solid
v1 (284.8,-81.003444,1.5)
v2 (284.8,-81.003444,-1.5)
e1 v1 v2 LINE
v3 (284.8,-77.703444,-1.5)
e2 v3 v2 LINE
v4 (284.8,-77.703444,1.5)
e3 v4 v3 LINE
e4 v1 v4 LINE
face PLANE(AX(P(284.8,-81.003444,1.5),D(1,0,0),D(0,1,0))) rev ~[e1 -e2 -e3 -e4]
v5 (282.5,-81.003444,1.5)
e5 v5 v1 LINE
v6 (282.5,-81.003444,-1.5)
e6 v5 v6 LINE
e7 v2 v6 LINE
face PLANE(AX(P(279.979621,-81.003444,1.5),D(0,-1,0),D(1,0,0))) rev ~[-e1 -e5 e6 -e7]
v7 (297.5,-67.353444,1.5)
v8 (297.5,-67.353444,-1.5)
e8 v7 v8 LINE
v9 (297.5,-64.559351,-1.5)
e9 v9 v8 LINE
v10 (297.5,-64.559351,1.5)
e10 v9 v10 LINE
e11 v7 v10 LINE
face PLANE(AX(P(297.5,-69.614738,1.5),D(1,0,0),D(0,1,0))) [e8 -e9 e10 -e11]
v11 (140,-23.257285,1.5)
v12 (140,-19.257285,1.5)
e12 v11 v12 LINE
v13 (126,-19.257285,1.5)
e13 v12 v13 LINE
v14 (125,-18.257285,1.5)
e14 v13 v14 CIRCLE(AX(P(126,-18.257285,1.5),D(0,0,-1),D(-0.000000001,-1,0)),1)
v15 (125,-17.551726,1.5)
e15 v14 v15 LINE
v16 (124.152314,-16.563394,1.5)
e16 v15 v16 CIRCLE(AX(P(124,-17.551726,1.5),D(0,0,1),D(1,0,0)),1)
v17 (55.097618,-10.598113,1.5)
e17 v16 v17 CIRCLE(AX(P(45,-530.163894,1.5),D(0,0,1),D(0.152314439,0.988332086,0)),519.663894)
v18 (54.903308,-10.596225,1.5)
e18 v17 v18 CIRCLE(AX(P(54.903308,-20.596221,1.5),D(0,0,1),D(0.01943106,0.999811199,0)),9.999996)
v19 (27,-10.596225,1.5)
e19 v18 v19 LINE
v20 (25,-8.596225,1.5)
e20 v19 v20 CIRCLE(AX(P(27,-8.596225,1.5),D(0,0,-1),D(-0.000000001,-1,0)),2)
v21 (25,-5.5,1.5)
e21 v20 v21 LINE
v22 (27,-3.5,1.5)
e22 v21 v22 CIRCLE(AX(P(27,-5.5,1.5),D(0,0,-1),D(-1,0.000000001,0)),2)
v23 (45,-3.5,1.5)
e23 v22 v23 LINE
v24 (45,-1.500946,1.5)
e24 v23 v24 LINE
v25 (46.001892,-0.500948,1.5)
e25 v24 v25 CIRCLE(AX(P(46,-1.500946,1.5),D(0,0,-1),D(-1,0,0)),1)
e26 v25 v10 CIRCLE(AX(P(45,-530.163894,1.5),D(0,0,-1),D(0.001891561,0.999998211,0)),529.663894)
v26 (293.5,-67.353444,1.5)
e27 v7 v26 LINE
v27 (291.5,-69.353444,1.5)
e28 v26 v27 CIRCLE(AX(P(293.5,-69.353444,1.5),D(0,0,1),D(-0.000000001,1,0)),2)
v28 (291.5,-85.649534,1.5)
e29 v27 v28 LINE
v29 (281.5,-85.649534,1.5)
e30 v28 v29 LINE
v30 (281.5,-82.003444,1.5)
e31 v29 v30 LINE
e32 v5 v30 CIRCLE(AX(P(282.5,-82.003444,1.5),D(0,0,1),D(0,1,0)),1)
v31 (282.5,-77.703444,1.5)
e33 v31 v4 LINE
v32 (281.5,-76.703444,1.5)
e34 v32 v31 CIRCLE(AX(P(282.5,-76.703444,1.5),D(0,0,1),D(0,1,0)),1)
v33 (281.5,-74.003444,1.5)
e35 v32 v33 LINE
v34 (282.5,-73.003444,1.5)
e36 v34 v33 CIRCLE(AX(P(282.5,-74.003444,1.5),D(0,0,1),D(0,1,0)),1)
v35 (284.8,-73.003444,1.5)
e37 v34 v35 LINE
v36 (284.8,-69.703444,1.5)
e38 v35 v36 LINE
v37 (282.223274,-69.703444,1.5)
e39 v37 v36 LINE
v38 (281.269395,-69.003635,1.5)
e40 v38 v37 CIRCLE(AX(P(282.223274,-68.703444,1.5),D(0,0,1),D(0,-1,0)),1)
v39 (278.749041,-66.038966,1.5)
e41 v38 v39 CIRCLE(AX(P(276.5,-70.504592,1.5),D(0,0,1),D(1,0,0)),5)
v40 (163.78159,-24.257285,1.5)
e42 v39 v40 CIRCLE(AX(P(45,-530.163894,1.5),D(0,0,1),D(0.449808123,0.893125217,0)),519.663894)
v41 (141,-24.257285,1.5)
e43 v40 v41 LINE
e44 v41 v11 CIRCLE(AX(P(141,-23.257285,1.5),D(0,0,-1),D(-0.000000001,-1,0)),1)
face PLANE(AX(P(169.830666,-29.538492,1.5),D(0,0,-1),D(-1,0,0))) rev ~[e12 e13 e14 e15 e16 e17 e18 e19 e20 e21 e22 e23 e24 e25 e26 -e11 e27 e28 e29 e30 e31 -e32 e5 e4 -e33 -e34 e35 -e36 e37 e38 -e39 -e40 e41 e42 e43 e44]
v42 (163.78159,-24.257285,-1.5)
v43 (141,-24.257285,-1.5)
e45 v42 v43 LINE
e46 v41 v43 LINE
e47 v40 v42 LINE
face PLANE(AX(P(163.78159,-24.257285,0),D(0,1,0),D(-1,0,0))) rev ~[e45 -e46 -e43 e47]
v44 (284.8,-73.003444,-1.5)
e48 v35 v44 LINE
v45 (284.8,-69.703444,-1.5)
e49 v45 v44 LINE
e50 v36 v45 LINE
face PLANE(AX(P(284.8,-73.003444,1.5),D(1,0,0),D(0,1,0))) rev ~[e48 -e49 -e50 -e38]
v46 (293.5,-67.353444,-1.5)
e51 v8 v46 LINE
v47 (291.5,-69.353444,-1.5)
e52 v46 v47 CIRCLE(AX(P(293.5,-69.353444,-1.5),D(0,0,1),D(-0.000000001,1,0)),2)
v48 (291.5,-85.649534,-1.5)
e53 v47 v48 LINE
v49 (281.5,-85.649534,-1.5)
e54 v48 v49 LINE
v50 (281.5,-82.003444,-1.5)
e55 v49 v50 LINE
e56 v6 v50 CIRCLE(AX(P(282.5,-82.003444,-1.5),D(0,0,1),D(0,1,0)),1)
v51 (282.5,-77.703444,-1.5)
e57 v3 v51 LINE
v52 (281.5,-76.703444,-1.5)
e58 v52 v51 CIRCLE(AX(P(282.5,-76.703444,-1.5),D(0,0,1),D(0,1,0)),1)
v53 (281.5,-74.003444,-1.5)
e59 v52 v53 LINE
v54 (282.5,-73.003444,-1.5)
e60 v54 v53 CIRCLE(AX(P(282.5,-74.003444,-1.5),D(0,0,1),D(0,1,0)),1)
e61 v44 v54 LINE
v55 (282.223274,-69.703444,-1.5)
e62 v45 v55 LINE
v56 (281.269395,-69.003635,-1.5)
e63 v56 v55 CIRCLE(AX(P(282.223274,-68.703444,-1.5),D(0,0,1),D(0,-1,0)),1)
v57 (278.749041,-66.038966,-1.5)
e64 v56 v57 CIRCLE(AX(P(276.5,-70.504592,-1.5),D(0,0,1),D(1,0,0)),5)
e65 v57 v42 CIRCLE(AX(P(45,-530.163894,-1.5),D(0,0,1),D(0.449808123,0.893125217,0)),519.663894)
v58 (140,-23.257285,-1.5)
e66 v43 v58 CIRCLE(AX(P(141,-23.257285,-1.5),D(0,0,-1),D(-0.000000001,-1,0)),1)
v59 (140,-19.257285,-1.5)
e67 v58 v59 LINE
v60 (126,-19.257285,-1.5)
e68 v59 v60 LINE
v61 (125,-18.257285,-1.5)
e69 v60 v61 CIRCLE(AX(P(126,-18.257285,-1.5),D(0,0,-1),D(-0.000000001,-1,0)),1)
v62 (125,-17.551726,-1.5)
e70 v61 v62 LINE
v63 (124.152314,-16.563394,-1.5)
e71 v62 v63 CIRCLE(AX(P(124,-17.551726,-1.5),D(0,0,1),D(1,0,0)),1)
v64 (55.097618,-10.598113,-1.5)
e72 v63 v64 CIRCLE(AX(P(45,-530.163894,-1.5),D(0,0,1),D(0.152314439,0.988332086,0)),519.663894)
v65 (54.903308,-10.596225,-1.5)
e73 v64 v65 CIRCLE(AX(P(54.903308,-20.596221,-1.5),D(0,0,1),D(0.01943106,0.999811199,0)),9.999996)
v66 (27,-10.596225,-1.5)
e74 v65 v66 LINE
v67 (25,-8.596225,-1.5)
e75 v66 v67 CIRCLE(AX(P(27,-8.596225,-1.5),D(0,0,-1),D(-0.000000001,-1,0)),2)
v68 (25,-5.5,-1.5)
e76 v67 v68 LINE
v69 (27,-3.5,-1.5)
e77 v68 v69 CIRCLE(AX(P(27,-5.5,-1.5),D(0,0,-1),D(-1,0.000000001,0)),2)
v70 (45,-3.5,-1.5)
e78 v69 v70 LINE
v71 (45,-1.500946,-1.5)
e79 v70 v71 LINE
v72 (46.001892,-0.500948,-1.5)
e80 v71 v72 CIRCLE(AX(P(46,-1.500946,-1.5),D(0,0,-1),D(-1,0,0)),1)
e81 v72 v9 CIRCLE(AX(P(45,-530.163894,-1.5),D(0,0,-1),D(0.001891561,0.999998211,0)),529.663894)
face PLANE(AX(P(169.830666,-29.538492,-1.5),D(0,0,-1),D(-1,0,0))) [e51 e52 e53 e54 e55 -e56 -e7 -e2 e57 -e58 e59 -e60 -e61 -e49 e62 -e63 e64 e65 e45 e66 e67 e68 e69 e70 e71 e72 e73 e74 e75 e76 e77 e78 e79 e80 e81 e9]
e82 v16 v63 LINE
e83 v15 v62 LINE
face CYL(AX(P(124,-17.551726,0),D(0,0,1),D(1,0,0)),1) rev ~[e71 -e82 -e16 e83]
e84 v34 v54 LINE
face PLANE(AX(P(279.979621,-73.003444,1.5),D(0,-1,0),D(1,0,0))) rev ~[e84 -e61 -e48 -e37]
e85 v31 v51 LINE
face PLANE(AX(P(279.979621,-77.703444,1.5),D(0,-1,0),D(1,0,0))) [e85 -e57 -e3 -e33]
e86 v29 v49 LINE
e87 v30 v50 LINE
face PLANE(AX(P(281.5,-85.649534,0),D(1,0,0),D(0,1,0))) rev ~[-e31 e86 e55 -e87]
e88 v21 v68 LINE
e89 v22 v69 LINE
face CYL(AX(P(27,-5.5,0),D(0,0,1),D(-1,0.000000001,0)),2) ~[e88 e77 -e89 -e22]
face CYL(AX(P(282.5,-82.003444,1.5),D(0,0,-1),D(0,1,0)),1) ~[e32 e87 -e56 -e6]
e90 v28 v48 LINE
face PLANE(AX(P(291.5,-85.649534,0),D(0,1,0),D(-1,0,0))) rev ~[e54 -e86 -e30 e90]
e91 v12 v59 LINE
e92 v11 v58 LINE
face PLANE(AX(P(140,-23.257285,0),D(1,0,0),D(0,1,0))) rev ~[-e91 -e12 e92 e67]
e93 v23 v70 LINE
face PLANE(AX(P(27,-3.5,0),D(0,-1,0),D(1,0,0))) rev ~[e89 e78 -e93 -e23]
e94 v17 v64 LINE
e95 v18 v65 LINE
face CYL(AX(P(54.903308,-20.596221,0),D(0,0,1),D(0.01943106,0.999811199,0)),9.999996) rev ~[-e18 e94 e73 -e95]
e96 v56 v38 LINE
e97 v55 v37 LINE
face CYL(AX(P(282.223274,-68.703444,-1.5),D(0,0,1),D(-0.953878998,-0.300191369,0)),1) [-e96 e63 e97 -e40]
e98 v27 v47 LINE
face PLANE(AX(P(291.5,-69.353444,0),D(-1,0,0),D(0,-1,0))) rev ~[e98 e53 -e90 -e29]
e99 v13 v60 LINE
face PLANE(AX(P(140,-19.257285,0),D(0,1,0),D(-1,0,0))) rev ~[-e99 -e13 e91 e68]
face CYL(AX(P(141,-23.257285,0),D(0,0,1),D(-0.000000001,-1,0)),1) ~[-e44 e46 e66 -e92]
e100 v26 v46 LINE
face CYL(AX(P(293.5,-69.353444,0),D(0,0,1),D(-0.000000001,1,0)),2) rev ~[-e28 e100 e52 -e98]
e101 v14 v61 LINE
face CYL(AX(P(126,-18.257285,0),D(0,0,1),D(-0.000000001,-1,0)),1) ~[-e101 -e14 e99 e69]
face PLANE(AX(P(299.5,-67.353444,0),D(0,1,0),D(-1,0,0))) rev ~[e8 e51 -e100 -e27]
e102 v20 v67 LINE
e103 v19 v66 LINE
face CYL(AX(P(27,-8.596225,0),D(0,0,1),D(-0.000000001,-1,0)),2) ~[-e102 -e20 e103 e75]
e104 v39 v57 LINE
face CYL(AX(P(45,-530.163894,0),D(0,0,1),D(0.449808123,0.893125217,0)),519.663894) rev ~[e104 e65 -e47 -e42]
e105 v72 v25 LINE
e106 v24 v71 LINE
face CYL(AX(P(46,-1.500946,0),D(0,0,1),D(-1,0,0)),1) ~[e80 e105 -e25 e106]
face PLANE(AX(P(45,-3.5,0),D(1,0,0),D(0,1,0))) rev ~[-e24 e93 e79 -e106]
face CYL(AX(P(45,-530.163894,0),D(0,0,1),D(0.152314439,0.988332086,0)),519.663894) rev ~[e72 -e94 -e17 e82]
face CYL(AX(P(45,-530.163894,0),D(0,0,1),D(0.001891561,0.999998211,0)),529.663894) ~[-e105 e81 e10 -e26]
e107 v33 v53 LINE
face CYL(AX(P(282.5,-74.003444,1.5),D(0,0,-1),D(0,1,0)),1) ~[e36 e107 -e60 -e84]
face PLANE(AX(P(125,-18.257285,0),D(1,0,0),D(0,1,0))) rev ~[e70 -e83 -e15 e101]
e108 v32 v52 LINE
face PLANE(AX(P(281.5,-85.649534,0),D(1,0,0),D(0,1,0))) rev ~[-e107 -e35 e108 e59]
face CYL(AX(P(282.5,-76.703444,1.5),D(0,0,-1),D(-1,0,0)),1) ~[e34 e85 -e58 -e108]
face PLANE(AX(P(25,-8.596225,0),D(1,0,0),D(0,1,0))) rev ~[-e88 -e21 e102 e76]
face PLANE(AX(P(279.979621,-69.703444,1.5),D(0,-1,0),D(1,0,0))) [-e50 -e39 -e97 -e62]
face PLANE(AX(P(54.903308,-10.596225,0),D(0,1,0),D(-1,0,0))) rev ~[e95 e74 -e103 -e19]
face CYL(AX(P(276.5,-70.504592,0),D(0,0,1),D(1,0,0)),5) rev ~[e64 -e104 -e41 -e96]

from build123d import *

# Parameters (mm, degrees)
BOSS_EXTRUDE1_DEPTH = 1.5
SKETCH3_W           = 4.820379215
SKETCH3_H           = 3.3
CUT_EXTRUDE1_DEPTH  = 10
FILLET1_R           = 1
SKETCH4_W           = 2
SKETCH4_H           = 7.019019915
CUT_EXTRUDE2_DEPTH  = 10


with BuildPart() as part:
    # Sketch2 → Boss-Extrude1 (new, symmetric)
    with BuildSketch(Plane.XY):
        with BuildLine():
            Line((299.5, -67.353443934), (293.5, -67.353443934))
            ThreePointArc((293.5, -67.353443934), (292.085786438, -67.939230372), (291.5, -69.353443934))
            Line((291.5, -69.353443934), (291.5, -85.649534053))
            Line((291.5, -85.649534053), (281.5, -85.649534053))
            Line((281.5, -85.649534053), (281.5, -70.504592149))
            ThreePointArc((281.5, -70.504592149), (280.757064897, -67.882112699), (278.749040614, -66.038966065))
            ThreePointArc((278.749040614, -66.038966065), (222.498981863, -41.753539728), (163.781589842, -24.257285386))
            Line((163.781589842, -24.257285386), (141, -24.257285386))
            ThreePointArc((141, -24.257285386), (140.292893219, -23.964392167), (140, -23.257285386))
            Line((140, -23.257285386), (140, -19.257285386))
            Line((140, -19.257285386), (126, -19.257285386))
            ThreePointArc((126, -19.257285386), (125.292893219, -18.964392167), (125, -18.257285386))
            Line((125, -18.257285386), (125, -17.551725847))
            ThreePointArc((125, -17.551725847), (124.759050209, -16.900693759), (124.152314439, -16.563393762))
            ThreePointArc((124.152314439, -16.563393762), (89.724531973, -12.428170907), (55.097618142, -10.598112953))
            ThreePointArc((55.097618142, -10.598112953), (55.000467449, -10.596696958), (54.903307584, -10.596224945))
            Line((54.903307584, -10.596224945), (27, -10.596224945))
            ThreePointArc((27, -10.596224945), (25.585786438, -10.010438507), (25, -8.596224945))
            Line((25, -8.596224945), (25, -5.5))
            ThreePointArc((25, -5.5), (25.585786438, -4.085786438), (27, -3.5))
            Line((27, -3.5), (45, -3.5))
            Line((45, -3.5), (45, -1.500945781))
            ThreePointArc((45, -1.500945781), (45.293562303, -0.793170548), (46.001891561, -0.50094757))
            ThreePointArc((46.001891561, -0.50094757), (176.838494864, -17.170276226), (299.5, -65.649534053))
            Line((299.5, -65.649534053), (299.5, -67.353443934))
        make_face()
    extrude(amount=BOSS_EXTRUDE1_DEPTH, both=True)

    # Sketch3 → Cut-Extrude1 (cut)
    with BuildSketch(Plane.XY.offset(1.5)):
        with Locations((282.389810393, -71.353443934)):
            Rectangle(SKETCH3_W, SKETCH3_H)
        with Locations((282.389810393, -79.353443934)):
            Rectangle(SKETCH3_W, SKETCH3_H)
    extrude(amount=-CUT_EXTRUDE1_DEPTH, mode=Mode.SUBTRACT)

    # Fillet1
    fillet1_edges = [part.edges().sort_by_distance(p)[0] for p in [
        (281.435398823, -69.703443934, 0),
        (281.5, -73.003443934, 0),
        (281.5, -81.003443934, 0),
        (281.5, -77.703443934, 0),
    ]]
    fillet(fillet1_edges, radius=FILLET1_R)

    # Sketch4 → Cut-Extrude2 (cut)
    with BuildSketch(Plane.XY.offset(1.5)):
        with Locations((298.5, -66.105228371)):
            Rectangle(SKETCH4_W, SKETCH4_H)
    extrude(amount=-CUT_EXTRUDE2_DEPTH, mode=Mode.SUBTRACT)


solid = part.part
